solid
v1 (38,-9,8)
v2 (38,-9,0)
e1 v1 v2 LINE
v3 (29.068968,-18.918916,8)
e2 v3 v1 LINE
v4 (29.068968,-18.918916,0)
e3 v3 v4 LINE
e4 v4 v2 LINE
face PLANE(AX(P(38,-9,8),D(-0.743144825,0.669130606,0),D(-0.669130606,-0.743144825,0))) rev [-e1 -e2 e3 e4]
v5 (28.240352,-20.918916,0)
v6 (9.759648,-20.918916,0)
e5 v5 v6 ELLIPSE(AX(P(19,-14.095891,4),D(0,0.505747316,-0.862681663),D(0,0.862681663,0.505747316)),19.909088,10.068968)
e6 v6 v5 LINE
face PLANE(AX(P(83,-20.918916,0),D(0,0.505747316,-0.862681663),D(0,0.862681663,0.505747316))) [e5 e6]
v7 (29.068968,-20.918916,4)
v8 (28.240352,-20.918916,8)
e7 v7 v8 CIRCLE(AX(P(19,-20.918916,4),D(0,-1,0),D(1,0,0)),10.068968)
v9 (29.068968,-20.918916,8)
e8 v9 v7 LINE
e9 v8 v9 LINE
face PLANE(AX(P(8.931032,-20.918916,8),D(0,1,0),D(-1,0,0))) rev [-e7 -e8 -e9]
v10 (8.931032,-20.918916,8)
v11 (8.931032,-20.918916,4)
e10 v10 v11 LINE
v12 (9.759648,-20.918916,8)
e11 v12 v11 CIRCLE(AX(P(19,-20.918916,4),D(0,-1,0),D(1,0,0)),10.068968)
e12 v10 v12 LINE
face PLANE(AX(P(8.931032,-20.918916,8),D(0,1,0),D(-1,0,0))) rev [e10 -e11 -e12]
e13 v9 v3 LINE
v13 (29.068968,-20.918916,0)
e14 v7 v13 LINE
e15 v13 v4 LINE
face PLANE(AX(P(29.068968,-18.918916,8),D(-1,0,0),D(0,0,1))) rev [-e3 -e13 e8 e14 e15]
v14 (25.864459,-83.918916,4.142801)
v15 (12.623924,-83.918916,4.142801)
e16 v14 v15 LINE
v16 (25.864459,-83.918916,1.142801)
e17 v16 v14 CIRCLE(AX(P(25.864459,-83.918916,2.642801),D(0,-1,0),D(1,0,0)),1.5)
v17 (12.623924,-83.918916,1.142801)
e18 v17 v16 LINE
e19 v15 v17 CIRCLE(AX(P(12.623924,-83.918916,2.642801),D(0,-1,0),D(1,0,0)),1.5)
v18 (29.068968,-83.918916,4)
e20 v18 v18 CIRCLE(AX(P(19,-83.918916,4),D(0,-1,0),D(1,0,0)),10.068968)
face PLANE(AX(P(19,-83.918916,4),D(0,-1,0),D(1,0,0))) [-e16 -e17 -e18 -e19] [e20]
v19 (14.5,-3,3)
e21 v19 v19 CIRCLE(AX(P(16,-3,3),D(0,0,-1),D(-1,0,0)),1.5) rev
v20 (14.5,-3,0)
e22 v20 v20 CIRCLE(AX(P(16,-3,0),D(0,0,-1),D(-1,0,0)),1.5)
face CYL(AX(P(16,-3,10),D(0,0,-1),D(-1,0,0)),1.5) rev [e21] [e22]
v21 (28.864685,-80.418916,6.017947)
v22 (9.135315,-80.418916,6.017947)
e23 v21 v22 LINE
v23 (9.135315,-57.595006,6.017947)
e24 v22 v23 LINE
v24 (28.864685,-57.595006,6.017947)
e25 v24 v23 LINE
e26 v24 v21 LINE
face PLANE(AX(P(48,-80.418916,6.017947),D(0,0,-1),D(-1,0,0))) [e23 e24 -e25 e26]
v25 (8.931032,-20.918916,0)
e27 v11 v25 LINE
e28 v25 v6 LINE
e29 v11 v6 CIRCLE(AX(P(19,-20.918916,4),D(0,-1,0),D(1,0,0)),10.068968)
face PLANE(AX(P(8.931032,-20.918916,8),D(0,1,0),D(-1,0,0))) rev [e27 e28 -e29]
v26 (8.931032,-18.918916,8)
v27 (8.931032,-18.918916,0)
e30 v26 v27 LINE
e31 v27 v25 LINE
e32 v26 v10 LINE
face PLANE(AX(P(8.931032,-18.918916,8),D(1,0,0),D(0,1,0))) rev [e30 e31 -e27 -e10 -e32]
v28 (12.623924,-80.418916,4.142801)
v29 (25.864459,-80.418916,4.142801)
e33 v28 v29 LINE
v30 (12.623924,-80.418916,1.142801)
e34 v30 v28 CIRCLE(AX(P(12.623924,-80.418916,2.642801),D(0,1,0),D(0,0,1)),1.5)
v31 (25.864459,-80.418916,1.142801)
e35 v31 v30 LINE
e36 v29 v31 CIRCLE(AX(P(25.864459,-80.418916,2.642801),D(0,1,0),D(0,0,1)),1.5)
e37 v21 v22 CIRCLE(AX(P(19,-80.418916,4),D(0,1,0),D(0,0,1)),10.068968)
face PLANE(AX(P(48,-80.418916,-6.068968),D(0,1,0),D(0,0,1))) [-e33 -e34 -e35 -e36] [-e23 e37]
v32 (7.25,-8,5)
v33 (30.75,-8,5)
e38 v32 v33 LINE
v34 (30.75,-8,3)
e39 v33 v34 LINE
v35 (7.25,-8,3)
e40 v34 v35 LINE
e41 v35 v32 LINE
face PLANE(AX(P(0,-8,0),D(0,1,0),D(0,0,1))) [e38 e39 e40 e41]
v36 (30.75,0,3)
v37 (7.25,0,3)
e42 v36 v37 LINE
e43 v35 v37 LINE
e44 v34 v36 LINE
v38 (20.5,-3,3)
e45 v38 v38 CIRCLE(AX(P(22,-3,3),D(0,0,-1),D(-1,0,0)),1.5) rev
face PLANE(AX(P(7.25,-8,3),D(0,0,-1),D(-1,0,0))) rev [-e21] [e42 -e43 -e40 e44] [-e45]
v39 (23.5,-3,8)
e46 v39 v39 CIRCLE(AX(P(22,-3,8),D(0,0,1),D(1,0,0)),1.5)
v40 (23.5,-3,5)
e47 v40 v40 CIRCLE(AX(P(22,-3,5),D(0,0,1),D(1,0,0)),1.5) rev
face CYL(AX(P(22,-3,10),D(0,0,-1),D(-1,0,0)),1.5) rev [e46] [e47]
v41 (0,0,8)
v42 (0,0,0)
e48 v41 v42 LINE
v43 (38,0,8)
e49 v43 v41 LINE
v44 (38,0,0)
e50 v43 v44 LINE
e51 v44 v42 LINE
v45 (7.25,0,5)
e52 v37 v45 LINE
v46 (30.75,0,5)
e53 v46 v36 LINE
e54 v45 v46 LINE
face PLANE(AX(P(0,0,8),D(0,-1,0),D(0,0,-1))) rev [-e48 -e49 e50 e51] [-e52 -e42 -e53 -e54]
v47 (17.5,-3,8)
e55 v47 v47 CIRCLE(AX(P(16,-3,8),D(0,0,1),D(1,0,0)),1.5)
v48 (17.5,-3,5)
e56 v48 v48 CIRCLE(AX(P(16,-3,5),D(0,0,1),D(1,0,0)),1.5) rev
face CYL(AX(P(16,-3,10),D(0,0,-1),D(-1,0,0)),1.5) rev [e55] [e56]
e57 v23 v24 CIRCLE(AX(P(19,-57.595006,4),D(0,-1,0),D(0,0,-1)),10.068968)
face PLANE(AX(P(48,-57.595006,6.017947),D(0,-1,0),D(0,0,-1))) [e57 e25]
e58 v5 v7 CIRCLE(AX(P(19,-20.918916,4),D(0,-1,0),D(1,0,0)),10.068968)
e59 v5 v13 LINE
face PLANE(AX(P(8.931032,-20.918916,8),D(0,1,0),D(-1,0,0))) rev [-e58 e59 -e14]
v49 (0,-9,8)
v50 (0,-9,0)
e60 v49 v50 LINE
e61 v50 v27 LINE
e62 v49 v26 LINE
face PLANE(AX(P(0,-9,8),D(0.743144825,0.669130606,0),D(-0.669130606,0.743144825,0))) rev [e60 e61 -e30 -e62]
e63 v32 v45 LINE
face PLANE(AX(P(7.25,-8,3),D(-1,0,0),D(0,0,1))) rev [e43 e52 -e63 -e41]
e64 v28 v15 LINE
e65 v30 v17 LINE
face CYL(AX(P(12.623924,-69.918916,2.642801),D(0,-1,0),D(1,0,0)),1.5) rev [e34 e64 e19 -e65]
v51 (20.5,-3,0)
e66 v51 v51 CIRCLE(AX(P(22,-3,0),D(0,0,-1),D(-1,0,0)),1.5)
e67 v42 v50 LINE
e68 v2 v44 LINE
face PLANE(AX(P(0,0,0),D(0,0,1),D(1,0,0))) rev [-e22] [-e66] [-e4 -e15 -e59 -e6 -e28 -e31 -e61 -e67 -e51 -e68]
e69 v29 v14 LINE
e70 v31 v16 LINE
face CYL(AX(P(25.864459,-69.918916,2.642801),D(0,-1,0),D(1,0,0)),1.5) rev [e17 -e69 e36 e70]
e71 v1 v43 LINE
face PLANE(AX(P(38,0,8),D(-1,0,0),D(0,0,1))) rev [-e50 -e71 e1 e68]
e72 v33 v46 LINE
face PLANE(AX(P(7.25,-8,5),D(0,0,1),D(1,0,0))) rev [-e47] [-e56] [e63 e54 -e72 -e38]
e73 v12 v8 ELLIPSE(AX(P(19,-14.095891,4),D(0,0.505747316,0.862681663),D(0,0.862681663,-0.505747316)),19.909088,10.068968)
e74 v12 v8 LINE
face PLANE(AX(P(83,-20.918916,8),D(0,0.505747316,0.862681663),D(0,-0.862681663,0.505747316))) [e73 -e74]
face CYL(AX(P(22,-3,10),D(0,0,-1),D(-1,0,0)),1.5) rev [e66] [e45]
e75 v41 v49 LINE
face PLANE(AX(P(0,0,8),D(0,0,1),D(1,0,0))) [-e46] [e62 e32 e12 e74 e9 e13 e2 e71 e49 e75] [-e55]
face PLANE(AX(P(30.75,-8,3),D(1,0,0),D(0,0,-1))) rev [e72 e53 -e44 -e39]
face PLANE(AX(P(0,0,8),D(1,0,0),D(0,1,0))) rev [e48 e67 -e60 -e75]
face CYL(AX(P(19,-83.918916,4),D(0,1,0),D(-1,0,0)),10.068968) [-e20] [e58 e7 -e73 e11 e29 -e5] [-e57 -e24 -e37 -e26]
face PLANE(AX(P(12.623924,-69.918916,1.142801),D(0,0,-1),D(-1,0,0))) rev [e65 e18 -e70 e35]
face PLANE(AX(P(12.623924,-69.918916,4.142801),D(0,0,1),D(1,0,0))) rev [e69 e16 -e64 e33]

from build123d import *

# Parameters (mm, degrees)
BOSS_EXTRUDE1_DEPTH = 8
SKETCH3_R           = 10.068967795
BOSS_EXTRUDE2_DEPTH = 63
CUT_EXTRUDE1_DEPTH  = 83
SKETCH7_R           = 1.5
CUT_EXTRUDE2_DEPTH  = 10
SKETCH9_W           = 23.5
SKETCH9_H           = 2
CUT_EXTRUDE3_DEPTH  = 8
SKETCH10_W          = 12.086915154
SKETCH10_H          = 22.82391002
CUT_EXTRUDE4_DEPTH  = 48
CUT_EXTRUDE5_DEPTH  = 14


with BuildPart() as part:
    # Sketch2 → Boss-Extrude1 (new body)
    with BuildSketch(Plane.XY):
        Polygon((0, 0), (38, 0), (38, -9), (29.068967795, -18.918916137), (29.068967795, -20.918916137), (8.931032205, -20.918916137), (8.931032205, -18.918916137), (0, -9), align=None)
    extrude(amount=BOSS_EXTRUDE1_DEPTH)

    # Sketch3 → Boss-Extrude2 (add)
    with BuildSketch(Plane.XZ.offset(20.918916137)):
        with Locations((19, 4)):
            Circle(SKETCH3_R)
    extrude(amount=BOSS_EXTRUDE2_DEPTH)

    # Sketch4 → Cut-Extrude1 (cut)
    with BuildSketch(Plane(origin=(0, 0, 0), x_dir=(0, 0, -1), z_dir=(1, 0, 0))):
        Polygon((0, -20.918916137), (6.068967795, -31.271096096), (6.068967795, -20.918916137), align=None)
        Polygon((-14.068967795, -20.918916137), (-8, -20.918916137), (-14.068967795, -31.271096096), align=None)
    extrude(amount=CUT_EXTRUDE1_DEPTH, mode=Mode.SUBTRACT)

    # Sketch7 → Cut-Extrude2 (cut)
    with BuildSketch(Plane(origin=(0, 0, 0), x_dir=(-1, 0, 0), z_dir=(0, 0, -1))):
        with Locations((-22, -3)):
            Circle(SKETCH7_R)
        with Locations((-16, -3)):
            Circle(SKETCH7_R)
    extrude(amount=-CUT_EXTRUDE2_DEPTH, mode=Mode.SUBTRACT)

    # Sketch9 → Cut-Extrude3 (cut)
    with BuildSketch(Plane(origin=(0, 0, 0), x_dir=(1, 0, 0), z_dir=(0, 1, 0))):
        with Locations((19, -4)):
            Rectangle(SKETCH9_W, SKETCH9_H)
    extrude(amount=-CUT_EXTRUDE3_DEPTH, mode=Mode.SUBTRACT)

    # Sketch10 → Cut-Extrude4 (cut)
    with BuildSketch(Plane(origin=(0, 0, 0), x_dir=(0, 0, -1), z_dir=(1, 0, 0))):
        with Locations((0.025510218, -69.006961127)):
            Rectangle(SKETCH10_W, SKETCH10_H)
    extrude(amount=CUT_EXTRUDE4_DEPTH, mode=Mode.SUBTRACT)

    # Sketch12 → Cut-Extrude5 (cut)
    with BuildSketch(Plane.XZ.offset(83.918916137)):
        with BuildLine():
            Line((12.623924181, 4.142800634), (25.864458584, 4.142800634))
            ThreePointArc((25.864458584, 4.142800634), (27.364458584, 2.642800634), (25.864458584, 1.142800634))
            Line((25.864458584, 1.142800634), (12.623924181, 1.142800634))
            ThreePointArc((12.623924181, 1.142800634), (11.123924181, 2.642800634), (12.623924181, 4.142800634))
        make_face()
    extrude(amount=-CUT_EXTRUDE5_DEPTH, mode=Mode.SUBTRACT)


solid = part.part
